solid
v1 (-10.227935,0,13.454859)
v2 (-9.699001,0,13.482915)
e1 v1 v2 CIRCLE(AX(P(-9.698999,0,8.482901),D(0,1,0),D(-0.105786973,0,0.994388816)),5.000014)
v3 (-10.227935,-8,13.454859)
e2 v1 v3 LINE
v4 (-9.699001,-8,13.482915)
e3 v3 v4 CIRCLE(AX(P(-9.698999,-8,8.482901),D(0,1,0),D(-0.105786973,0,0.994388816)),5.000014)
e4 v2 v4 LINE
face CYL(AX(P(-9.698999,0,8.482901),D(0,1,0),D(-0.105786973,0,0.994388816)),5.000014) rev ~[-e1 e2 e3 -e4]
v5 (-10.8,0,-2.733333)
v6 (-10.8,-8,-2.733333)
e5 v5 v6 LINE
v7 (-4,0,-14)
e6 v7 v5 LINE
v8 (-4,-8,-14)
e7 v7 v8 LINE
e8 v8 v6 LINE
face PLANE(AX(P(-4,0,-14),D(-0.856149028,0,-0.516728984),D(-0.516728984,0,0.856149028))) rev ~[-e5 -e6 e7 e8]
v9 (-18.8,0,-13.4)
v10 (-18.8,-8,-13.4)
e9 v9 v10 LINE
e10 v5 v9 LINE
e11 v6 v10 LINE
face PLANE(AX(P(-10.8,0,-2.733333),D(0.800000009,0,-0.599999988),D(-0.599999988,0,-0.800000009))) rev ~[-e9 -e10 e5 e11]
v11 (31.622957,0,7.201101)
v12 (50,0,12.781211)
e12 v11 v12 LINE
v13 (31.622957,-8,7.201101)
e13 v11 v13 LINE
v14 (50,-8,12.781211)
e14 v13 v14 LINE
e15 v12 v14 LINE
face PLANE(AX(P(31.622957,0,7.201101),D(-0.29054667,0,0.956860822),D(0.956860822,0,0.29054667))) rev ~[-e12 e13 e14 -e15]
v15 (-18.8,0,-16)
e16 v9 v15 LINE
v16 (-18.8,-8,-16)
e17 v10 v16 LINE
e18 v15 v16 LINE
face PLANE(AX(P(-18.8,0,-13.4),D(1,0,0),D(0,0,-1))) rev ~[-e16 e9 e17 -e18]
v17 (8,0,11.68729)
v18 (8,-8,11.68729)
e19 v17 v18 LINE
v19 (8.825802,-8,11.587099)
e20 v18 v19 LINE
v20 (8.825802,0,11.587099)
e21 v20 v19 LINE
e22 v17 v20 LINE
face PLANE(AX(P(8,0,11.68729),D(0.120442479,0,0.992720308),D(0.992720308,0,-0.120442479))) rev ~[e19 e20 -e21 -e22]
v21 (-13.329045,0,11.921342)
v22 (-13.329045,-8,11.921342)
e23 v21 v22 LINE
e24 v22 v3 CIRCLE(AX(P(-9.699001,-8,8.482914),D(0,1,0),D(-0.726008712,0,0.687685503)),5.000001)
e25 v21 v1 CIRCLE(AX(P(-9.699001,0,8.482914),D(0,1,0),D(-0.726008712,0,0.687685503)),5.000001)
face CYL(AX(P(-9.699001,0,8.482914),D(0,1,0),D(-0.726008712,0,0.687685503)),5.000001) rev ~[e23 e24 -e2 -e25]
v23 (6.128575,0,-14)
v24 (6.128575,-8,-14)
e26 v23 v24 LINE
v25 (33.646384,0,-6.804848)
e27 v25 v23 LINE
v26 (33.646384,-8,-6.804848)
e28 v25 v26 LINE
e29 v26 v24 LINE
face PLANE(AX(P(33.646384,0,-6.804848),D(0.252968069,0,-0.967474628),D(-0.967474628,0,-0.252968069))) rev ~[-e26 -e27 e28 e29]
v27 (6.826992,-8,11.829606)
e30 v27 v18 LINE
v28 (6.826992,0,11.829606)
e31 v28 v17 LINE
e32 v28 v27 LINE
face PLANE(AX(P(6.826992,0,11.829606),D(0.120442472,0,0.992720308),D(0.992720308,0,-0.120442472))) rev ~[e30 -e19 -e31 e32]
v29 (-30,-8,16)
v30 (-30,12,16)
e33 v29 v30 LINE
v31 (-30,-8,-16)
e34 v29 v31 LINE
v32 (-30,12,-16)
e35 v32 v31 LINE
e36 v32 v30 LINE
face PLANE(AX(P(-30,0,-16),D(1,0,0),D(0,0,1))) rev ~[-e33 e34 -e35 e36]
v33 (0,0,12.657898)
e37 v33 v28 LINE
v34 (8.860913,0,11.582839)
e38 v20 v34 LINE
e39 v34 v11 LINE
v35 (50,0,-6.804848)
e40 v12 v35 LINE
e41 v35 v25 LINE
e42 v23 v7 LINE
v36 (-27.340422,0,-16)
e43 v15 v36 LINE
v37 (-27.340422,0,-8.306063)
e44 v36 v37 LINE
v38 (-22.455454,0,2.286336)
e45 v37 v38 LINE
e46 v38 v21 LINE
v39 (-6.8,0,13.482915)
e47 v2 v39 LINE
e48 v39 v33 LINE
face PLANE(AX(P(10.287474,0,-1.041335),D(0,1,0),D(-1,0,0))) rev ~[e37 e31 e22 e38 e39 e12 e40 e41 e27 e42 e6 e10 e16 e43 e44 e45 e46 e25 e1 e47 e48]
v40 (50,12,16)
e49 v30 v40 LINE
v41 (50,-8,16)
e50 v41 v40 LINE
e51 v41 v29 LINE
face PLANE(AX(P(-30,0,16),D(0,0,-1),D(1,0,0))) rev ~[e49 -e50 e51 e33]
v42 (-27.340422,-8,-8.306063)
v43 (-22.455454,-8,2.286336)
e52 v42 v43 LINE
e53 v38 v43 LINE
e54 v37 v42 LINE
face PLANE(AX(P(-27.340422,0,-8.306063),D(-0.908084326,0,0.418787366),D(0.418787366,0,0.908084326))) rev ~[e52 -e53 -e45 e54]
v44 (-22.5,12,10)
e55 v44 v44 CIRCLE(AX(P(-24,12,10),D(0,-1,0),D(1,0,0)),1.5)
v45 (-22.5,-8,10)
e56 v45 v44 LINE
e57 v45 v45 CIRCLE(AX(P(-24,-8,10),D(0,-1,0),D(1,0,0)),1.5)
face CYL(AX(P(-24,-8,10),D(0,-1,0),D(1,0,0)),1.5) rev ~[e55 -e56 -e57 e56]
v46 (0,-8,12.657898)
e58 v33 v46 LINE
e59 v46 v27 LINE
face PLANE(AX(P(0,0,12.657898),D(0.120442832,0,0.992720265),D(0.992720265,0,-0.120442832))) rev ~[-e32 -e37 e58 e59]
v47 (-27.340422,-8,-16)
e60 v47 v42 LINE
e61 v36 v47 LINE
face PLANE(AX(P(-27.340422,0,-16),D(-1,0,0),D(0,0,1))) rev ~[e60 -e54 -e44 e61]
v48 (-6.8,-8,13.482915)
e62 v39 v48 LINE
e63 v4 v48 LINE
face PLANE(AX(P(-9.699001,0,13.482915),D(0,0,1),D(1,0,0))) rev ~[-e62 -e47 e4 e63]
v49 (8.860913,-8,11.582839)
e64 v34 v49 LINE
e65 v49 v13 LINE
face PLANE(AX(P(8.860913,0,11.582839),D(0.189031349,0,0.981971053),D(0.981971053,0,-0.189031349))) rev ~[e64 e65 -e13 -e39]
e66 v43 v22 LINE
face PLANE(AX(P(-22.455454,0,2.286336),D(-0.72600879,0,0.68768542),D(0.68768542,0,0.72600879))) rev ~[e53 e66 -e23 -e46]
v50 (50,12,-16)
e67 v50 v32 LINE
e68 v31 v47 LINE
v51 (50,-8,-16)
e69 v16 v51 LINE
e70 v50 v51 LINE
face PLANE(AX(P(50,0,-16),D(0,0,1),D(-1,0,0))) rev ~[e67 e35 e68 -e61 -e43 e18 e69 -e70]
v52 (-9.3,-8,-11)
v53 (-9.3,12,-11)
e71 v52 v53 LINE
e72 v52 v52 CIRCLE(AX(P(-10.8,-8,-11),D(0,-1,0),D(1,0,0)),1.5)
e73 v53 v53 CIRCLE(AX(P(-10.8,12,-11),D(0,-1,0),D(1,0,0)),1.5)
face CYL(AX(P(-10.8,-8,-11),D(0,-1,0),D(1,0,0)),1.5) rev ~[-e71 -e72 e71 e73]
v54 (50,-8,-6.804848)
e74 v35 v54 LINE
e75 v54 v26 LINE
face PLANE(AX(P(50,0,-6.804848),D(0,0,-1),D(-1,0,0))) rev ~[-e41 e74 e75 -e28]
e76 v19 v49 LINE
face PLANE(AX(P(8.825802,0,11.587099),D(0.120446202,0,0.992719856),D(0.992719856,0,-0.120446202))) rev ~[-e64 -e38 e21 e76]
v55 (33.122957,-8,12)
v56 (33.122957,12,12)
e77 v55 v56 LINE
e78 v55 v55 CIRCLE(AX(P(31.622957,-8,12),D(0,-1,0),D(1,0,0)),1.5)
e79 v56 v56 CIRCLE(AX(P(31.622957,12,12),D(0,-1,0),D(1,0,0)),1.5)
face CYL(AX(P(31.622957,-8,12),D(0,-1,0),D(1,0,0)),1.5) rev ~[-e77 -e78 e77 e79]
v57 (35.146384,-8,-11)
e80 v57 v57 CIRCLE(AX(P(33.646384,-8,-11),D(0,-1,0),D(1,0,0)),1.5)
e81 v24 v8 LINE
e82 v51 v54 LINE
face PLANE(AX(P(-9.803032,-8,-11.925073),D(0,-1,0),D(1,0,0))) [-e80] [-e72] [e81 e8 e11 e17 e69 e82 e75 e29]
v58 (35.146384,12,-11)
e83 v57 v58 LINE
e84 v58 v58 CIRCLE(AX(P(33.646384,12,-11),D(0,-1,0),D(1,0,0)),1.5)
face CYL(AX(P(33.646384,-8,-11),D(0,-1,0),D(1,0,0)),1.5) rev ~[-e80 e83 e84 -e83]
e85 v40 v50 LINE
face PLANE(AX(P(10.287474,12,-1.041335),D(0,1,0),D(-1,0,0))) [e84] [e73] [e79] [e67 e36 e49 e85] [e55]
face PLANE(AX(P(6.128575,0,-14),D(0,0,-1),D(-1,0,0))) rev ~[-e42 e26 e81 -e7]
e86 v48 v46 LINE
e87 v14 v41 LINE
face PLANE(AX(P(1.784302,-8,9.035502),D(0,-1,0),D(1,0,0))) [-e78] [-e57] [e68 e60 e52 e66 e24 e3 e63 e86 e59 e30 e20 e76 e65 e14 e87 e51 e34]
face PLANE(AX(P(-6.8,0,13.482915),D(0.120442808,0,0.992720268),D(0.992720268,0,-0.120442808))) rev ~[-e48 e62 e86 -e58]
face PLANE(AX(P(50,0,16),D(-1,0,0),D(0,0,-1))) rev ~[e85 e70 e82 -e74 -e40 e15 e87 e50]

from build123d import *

# Parameters (mm, degrees)
F1_DEPTH = 8
F3_DEPTH = 12
F4_R     = 1.5
F5_DEPTH = 20.001


with BuildPart() as f1:
    # F0 (on Front) → F1 (new body)
    with BuildSketch(Plane.XZ):
        with BuildLine():
            Line((6.826992, 11.829606), (8, 11.68729))
            Line((8, 11.68729), (8.825802, 11.587099))
            Line((8.825802, 11.587099), (8.860913, 11.582839))
            Line((8.860913, 11.582839), (31.622957, 7.201101))
            Line((31.622957, 7.201101), (50, 12.781211))
            Line((50, 12.781211), (50, 16))
            Line((50, 16), (8, 16))
            Line((8, 16), (-8, 16))
            Line((-8, 16), (-30, 16))
            Line((-30, 16), (-30, -16))
            Line((-30, -16), (-27.340422, -16))
            Line((-27.340422, -16), (-27.340422, -8.306063))
            Line((-27.340422, -8.306063), (-22.455454, 2.286336))
            Line((-22.455454, 2.286336), (-13.329045, 11.921342))
            ThreePointArc((-13.329045, 11.921342), (-11.915348, 12.964857), (-10.227935, 13.454859))
            ThreePointArc((-10.227935, 13.454859), (-9.96384, 13.475896), (-9.699001, 13.482915))
            Line((-9.699001, 13.482915), (-8, 13.482915))
            Line((-8, 13.482915), (-7.5937, 13.482915))
            Line((-7.5937, 13.482915), (-6.8, 13.482915))
            Line((-6.8, 13.482915), (0, 12.657898))
            Line((0, 12.657898), (6.826992, 11.829606))
        make_face()
        Polygon((0, -16), (0, -14), (-4, -14), (-10.8, -2.733333), (-18.8, -13.4), (-18.8, -16), align=None)
        Polygon((6.128575, -14), (0, -14), (0, -16), (50, -16), (50, -6.804848), (33.646384, -6.804848), align=None)
    extrude(amount=F1_DEPTH)

    # F2 (on face) → F3 (join)
    with BuildSketch(Plane(origin=(0, 0, 0), x_dir=(-1, 0, 0), z_dir=(0, 1, 0))):
        with BuildLine():
            Line((-31.622957, 7.201101), (-50, 12.781211))
            Line((-50, 12.781211), (-50, -6.804848))
            Line((-50, -6.804848), (-33.646384, -6.804848))
            Line((-33.646384, -6.804848), (-6.128575, -14))
            Line((-6.128575, -14), (4, -14))
            Line((4, -14), (10.8, -2.733333))
            Line((10.8, -2.733333), (18.8, -13.4))
            Line((18.8, -13.4), (18.8, -16))
            Line((18.8, -16), (27.340422, -16))
            Line((27.340422, -16), (27.340422, -8.306063))
            Line((27.340422, -8.306063), (22.455454, 2.286336))
            Line((22.455454, 2.286336), (13.329045, 11.921342))
            ThreePointArc((13.329045, 11.921342), (11.674838, 13.07596), (9.699001, 13.482915))
            Line((9.699001, 13.482915), (8, 13.482915))
            Line((8, 13.482915), (6.8, 13.482915))
            Line((6.8, 13.482915), (-8.860913, 11.582839))
            Line((-8.860913, 11.582839), (-31.622957, 7.201101))
        make_face()
        with BuildLine():
            Line((30, -16), (30, 16))
            Line((30, 16), (-50, 16))
            Line((-50, 16), (-50, 12.781211))
            Line((-50, 12.781211), (-31.622957, 7.201101))
            Line((-31.622957, 7.201101), (-8.860913, 11.582839))
            Line((-8.860913, 11.582839), (6.8, 13.482915))
            Line((6.8, 13.482915), (8, 13.482915))
            Line((8, 13.482915), (9.699001, 13.482915))
            ThreePointArc((9.699001, 13.482915), (11.674838, 13.07596), (13.329045, 11.921342))
            Line((13.329045, 11.921342), (22.455454, 2.286336))
            Line((22.455454, 2.286336), (27.340422, -8.306063))
            Line((27.340422, -8.306063), (27.340422, -16))
            Line((27.340422, -16), (30, -16))
        make_face()
        Polygon((-33.646384, -6.804848), (-50, -6.804848), (-50, -16), (18.8, -16), (18.8, -13.4), (10.8, -2.733333), (4, -14), (-6.128575, -14), align=None)
    extrude(amount=F3_DEPTH)

    # F4 (on face) → F5 (cut, through all)
    with BuildSketch(Plane.XZ.offset(8)):
        with Locations((-24, 10)):
            Circle(F4_R)
        with Locations((-10.8, -11)):
            Circle(F4_R)
        with Locations((33.646384, -11)):
            Circle(F4_R)
        with Locations((31.622957, 12)):
            Circle(F4_R)
    extrude(amount=-F5_DEPTH, mode=Mode.SUBTRACT)


solid = f1.part
